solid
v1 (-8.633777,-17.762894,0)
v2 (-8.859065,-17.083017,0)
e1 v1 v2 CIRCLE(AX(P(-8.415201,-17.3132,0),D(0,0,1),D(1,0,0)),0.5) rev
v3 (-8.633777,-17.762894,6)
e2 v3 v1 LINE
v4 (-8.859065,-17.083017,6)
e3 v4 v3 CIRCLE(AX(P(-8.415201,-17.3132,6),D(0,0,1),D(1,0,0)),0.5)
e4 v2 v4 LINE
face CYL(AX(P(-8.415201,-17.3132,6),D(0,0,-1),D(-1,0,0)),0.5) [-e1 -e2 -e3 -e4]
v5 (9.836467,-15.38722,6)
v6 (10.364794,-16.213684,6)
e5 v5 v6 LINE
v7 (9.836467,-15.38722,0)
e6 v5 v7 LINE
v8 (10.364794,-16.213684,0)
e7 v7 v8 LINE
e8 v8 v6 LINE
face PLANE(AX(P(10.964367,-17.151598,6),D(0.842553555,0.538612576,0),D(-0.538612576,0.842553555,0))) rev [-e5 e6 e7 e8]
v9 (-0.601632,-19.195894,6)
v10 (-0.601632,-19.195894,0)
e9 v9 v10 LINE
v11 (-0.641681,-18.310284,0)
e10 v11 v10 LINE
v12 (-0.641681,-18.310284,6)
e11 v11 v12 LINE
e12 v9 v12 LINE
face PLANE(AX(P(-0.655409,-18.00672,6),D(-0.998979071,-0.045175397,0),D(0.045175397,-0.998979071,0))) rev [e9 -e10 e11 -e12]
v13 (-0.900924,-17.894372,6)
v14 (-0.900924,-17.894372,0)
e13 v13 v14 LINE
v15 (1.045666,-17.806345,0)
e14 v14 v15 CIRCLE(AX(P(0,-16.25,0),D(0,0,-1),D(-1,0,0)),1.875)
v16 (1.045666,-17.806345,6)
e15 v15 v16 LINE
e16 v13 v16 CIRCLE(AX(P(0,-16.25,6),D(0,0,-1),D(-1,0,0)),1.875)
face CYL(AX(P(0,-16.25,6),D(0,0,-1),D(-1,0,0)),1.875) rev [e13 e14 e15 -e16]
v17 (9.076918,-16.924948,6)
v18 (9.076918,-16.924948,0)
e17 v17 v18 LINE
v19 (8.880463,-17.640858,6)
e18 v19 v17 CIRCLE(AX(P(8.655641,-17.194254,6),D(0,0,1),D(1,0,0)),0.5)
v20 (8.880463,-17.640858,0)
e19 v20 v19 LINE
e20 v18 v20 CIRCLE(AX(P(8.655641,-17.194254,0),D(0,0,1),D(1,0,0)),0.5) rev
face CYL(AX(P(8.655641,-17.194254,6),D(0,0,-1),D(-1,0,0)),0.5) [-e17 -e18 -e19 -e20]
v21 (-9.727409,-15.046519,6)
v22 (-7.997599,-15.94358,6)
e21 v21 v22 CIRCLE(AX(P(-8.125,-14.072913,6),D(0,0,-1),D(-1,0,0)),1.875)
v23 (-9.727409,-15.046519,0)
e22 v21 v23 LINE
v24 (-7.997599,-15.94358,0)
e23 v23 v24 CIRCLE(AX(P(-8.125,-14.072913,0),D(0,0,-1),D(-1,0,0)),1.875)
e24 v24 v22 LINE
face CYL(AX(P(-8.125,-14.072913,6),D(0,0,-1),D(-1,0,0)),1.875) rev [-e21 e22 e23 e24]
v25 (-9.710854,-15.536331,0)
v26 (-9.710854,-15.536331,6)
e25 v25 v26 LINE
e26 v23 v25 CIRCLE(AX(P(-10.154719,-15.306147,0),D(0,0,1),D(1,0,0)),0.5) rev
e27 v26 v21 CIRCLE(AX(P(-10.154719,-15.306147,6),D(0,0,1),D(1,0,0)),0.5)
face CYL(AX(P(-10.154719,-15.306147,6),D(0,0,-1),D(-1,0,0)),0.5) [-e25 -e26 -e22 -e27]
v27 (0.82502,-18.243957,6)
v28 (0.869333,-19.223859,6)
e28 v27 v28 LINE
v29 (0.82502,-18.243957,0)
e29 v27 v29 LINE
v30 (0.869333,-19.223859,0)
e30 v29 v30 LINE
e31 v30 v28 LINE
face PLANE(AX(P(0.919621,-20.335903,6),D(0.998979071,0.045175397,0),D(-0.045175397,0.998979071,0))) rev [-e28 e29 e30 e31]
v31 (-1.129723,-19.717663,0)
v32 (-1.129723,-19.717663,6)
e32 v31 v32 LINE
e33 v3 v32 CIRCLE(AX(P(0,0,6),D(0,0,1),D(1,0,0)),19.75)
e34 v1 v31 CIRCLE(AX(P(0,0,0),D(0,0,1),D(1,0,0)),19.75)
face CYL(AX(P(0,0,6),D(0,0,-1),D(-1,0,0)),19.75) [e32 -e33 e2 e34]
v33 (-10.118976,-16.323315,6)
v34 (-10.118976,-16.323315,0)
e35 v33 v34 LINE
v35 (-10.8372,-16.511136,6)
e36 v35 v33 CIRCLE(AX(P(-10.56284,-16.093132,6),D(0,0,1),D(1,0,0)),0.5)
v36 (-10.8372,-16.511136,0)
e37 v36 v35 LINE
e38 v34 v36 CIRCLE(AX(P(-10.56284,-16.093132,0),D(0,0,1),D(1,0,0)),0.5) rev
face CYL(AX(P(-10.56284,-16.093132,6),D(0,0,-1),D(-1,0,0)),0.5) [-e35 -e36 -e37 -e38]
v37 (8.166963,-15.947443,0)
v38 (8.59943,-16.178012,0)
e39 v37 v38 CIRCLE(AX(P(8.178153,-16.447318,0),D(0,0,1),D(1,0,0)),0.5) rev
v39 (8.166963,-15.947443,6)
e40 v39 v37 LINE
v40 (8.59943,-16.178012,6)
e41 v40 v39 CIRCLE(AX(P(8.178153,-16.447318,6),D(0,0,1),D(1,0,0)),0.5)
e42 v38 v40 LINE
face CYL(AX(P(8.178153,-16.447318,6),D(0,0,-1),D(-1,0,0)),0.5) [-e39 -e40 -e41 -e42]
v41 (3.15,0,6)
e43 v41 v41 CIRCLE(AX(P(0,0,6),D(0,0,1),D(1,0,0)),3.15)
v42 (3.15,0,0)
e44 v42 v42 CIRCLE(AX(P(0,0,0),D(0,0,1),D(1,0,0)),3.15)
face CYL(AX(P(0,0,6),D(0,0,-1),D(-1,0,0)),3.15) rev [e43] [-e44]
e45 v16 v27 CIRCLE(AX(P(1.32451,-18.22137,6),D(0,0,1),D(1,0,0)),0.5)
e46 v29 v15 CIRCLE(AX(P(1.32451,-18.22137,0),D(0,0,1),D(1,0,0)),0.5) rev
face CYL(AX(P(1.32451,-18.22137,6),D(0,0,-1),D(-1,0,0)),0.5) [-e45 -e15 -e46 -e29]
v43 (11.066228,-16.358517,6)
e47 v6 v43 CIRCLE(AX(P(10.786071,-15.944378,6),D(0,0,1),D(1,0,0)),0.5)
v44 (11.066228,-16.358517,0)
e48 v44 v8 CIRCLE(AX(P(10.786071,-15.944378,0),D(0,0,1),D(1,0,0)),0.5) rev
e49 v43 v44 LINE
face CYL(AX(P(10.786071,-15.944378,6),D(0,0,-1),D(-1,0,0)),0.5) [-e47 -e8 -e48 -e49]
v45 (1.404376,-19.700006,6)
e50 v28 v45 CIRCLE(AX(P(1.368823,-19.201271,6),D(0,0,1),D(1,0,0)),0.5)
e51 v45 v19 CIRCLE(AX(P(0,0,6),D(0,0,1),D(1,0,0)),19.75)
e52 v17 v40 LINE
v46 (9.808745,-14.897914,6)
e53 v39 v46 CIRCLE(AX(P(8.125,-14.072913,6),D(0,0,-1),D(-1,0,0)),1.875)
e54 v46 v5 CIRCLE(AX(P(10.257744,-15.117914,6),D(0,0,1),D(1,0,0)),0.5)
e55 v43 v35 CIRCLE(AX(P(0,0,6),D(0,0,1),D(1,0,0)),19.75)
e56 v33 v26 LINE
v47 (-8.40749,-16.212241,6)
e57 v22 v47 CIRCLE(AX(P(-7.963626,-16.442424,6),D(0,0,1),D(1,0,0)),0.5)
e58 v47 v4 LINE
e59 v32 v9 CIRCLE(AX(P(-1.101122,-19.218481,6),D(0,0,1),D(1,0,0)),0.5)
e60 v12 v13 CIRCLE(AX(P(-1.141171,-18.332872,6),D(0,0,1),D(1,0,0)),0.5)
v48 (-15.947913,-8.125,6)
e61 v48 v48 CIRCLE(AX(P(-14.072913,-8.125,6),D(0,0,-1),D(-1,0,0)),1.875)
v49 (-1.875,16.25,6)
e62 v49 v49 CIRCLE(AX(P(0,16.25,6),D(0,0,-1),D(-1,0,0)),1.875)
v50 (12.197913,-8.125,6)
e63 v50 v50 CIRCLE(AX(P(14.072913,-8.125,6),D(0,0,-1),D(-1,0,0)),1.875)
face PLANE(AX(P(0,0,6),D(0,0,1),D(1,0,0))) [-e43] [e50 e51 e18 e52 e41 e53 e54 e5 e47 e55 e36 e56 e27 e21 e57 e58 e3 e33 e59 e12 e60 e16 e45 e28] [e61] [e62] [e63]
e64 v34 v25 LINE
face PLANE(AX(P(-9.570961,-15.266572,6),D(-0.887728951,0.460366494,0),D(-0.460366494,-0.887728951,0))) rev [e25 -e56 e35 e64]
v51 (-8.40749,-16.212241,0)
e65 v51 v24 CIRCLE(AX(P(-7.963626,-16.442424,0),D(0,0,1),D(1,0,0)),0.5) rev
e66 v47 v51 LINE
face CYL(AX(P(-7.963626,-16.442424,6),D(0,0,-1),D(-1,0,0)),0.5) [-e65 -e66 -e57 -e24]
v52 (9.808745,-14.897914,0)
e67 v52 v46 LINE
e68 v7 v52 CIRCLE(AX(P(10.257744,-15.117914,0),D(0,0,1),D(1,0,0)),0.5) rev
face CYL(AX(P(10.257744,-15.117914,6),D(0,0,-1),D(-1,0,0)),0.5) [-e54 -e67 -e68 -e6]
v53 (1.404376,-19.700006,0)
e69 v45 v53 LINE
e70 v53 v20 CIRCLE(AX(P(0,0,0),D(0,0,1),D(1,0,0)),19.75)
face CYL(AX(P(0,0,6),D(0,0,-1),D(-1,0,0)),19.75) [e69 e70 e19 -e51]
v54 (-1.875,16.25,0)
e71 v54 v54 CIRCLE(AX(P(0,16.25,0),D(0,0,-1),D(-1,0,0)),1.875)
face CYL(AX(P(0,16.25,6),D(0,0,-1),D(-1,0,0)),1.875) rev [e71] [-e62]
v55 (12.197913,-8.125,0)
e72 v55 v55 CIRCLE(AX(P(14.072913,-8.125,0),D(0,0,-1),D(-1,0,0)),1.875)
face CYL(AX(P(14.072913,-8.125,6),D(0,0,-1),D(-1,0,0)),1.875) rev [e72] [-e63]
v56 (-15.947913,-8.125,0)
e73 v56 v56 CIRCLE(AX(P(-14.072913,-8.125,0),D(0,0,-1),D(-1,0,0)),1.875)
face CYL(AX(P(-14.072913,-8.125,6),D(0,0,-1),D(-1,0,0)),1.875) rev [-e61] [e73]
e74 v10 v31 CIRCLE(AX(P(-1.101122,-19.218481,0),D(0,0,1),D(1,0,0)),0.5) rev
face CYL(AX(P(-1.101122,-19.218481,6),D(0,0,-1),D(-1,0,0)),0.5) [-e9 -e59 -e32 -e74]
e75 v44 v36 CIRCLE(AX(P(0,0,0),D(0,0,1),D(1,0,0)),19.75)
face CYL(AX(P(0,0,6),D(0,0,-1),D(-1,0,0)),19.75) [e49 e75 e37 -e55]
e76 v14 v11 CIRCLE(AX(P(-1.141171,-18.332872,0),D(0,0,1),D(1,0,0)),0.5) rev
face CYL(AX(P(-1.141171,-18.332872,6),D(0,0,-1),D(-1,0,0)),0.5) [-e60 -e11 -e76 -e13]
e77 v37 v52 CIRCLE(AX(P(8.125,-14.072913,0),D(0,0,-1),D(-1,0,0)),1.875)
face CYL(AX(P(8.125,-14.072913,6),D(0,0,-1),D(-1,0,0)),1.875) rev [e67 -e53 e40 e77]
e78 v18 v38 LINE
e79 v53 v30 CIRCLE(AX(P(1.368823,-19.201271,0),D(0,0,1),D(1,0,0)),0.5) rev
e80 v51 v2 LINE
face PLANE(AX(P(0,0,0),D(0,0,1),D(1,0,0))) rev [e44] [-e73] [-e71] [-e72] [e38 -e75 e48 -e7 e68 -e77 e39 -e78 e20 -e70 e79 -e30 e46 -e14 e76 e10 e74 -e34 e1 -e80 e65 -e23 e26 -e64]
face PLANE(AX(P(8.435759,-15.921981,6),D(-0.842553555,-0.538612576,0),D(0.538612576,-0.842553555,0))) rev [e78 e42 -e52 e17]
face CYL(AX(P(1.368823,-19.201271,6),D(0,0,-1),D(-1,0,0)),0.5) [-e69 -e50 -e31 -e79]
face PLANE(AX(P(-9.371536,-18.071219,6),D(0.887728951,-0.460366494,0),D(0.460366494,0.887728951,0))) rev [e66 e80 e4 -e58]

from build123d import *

# Parameters (mm, degrees)
SKETCH_1_R          = 19.75
SKETCH_1_R_2        = 3.15
EXTRUDE_1_DEPTH     = 6
SKETCH_2_R          = 1.875
CUT_EXTRUDE_2_DEPTH = 29.567901568
FILLET_1_R          = 0.5


with BuildPart() as part:
    # Эскиз1 → Бобышка-Вытянуть1 (new body)
    with BuildSketch(Plane.XY):
        Circle(SKETCH_1_R)
        Circle(SKETCH_1_R_2, mode=Mode.SUBTRACT)
    extrude(amount=EXTRUDE_1_DEPTH)

    # Эскиз2 → Вырез-Вытянуть2 (cut, through all)
    with BuildSketch(Plane(origin=(0, 0, 0), x_dir=(-1, 0, 0), z_dir=(0, 0, -1))):
        with Locations((-14.072912811, -8.125)):
            Circle(SKETCH_2_R)
        with Locations((0, 16.25)):
            Circle(SKETCH_2_R)
        with Locations((14.072912811, -8.125)):
            Circle(SKETCH_2_R)
        with BuildLine():
            Line((-10.964367017, -17.151598034), (-9.672796655, -15.131189956))
            ThreePointArc((-9.672796655, -15.131189956), (-7.115101419, -12.493124896), (-8.435759199, -15.92198115))
            Line((-8.435759199, -15.92198115), (-9.697895423, -17.896345301))
            Line((-9.697895423, -17.896345301), (-10.964367017, -17.151598034))
        make_face()
        with BuildLine():
            Line((9.371536104, -18.07121939), (8.267596564, -15.942482607))
            ThreePointArc((8.267596564, -15.942482607), (7.261812823, -12.408421028), (9.570960555, -15.266572341))
            Line((9.570960555, -15.266572341), (10.649741954, -17.34679645))
            Line((10.649741954, -17.34679645), (9.371536104, -18.07121939))
        make_face()
        with BuildLine():
            Line((-0.919621357, -20.335903121), (-0.811292651, -17.940393219))
            ThreePointArc((-0.811292651, -17.940393219), (0.084703869, -14.376914243), (0.655408809, -18.006719754))
            Line((0.655408809, -18.006719754), (0.549548851, -20.347637377))
            Line((0.549548851, -20.347637377), (-0.919621357, -20.335903121))
        make_face()
    extrude(amount=-CUT_EXTRUDE_2_DEPTH, mode=Mode.SUBTRACT)

    # Скругление1
    fillet_1_edges = [part.edges().sort_by_distance(p)[0] for p in [
        (9.371126789, -17.385179973, 3),
        (10.637598383, -16.640432706, 3),
        (8.435759199, -15.92198115, 3),
        (9.672796655, -15.131189956, 3),
        (-10.370444112, -16.808223848, 3),
        (-9.092238262, -17.532646788, 3),
        (-9.570960555, -15.266572341, 3),
        (-8.267596564, -15.942482607, 3),
        (0.892214082, -19.729836645, 3),
        (-0.576956126, -19.741570901, 3),
        (-0.655408809, -18.006719754, 3),
        (0.811292651, -17.940393219, 3),
    ]]
    fillet(fillet_1_edges, radius=FILLET_1_R)


solid = part.part
